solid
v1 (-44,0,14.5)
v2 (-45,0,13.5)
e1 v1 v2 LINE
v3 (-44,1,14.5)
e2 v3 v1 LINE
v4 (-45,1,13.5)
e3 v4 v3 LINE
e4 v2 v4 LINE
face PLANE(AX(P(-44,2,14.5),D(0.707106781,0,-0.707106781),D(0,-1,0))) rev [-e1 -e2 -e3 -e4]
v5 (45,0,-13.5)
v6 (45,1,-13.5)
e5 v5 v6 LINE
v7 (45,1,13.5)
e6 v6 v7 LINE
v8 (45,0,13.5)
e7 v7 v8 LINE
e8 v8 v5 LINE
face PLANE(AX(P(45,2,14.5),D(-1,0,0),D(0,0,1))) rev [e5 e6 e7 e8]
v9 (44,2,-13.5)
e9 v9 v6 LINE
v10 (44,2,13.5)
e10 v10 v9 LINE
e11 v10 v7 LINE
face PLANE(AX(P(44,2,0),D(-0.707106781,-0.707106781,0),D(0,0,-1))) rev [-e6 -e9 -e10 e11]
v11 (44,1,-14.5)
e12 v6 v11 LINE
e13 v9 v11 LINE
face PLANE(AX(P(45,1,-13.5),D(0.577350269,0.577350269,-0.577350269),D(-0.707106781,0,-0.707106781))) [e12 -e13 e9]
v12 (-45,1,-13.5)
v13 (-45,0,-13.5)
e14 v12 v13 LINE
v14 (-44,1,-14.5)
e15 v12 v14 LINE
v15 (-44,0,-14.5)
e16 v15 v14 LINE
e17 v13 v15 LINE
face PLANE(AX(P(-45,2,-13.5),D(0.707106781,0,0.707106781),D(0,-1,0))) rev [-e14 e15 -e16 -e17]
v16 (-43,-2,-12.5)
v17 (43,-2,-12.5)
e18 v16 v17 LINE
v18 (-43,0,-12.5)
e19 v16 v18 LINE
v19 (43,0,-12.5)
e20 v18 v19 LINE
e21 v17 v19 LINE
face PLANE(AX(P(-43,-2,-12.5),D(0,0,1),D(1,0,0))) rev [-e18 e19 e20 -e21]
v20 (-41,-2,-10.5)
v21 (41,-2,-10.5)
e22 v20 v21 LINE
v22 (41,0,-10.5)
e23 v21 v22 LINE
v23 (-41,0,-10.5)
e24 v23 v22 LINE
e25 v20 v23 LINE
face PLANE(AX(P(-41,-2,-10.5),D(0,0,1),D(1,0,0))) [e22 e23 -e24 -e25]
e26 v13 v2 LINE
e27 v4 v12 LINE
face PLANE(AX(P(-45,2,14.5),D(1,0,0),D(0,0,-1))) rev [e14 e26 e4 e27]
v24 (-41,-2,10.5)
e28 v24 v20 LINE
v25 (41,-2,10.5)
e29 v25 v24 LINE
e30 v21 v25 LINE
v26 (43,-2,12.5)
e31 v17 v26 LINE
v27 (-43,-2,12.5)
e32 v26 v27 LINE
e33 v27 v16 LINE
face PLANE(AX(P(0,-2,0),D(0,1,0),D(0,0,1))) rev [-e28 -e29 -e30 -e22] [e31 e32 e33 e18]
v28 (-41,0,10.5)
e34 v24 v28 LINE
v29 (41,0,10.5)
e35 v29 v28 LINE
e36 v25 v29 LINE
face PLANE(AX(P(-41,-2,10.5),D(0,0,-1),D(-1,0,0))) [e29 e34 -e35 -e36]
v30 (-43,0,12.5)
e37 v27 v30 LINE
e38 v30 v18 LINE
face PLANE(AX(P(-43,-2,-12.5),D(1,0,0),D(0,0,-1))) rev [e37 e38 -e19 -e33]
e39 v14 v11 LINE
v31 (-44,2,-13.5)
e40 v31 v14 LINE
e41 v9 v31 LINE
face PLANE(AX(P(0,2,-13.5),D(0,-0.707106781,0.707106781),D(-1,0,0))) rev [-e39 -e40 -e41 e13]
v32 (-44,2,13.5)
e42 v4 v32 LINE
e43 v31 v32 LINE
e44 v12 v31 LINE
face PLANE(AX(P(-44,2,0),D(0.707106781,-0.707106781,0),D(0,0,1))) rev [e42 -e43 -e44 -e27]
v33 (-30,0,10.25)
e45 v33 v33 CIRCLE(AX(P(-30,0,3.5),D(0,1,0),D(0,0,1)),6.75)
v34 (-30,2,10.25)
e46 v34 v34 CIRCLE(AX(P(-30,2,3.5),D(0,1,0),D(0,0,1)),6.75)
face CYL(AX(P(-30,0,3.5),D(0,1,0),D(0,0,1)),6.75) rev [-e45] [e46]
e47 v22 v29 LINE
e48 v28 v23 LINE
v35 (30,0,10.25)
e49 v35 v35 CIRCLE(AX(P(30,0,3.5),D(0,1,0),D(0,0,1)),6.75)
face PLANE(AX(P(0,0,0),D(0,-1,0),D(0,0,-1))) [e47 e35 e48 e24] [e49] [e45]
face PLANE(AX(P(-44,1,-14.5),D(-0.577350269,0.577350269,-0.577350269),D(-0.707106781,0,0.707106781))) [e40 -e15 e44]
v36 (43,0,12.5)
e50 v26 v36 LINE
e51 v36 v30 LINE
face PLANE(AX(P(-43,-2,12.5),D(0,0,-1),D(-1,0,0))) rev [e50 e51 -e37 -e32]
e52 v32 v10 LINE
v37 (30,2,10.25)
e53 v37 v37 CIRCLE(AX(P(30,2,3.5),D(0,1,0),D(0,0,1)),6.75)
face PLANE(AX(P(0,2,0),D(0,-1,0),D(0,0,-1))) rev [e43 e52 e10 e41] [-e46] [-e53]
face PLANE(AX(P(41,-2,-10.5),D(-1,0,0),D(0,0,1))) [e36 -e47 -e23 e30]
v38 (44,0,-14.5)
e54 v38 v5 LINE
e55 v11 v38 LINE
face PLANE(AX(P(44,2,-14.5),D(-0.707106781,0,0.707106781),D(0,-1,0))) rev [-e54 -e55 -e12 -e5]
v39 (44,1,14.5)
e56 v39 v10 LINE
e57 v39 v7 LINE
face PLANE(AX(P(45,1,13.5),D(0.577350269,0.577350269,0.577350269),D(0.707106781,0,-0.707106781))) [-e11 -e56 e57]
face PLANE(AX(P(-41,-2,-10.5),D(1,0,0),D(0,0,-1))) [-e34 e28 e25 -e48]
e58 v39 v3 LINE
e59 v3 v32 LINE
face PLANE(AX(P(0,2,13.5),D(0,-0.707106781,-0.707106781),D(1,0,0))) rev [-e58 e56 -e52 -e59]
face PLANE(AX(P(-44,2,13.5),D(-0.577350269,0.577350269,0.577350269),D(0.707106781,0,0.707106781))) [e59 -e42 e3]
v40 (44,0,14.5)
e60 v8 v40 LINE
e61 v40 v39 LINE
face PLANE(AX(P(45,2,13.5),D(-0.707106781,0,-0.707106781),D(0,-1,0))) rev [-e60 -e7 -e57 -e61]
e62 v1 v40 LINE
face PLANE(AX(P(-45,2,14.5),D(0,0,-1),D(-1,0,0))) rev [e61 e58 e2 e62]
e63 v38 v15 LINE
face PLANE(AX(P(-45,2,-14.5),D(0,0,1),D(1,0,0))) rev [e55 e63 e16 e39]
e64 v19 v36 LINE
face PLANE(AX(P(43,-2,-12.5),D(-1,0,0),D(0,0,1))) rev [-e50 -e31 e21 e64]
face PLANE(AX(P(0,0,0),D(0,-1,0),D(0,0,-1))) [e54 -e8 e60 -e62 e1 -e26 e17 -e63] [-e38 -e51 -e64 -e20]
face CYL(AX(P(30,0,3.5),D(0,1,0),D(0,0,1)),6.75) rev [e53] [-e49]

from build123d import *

# Parameters (mm, degrees)
SKETCH1_W           = 90
SKETCH1_H           = 29
BOSS_EXTRUDE1_DEPTH = 2
CHAMFER1_SIZE       = 1
SKETCH2_R           = 6.75
CUT_EXTRUDE1_DEPTH  = 48.32071428
SKETCH3_W           = 86
SKETCH3_H           = 25
SKETCH3_W_2         = 82
SKETCH3_H_2         = 21
BOSS_EXTRUDE2_DEPTH = 2


with BuildPart() as part:
    # Sketch1 → Boss-Extrude1 (new body)
    with BuildSketch(Plane(origin=(0, 0, 0), x_dir=(1, 0, 0), z_dir=(0, 1, 0))):
        Rectangle(SKETCH1_W, SKETCH1_H)
    extrude(amount=BOSS_EXTRUDE1_DEPTH)

    # Chamfer1
    chamfer1_edges = [part.edges().sort_by_distance(p)[0] for p in [
        (-45, 2, 0),
        (0, 2, 14.5),
        (45, 2, 0),
        (45, 1, 14.5),
        (-45, 1, 14.5),
        (-45, 1, -14.5),
        (45, 1, -14.5),
        (0, 2, -14.5),
    ]]
    chamfer(chamfer1_edges, length=CHAMFER1_SIZE)

    # Sketch2 → Cut-Extrude1 (cut, through all)
    with BuildSketch(Plane(origin=(0, 2, 0), x_dir=(1, 0, 0), z_dir=(0, 1, 0))):
        with Locations(Location((-30, -3.5, 0), (0, 0, 270))):
            Circle(SKETCH2_R)
        with Locations(Location((30, -3.5, 0), (0, 0, 270))):
            Circle(SKETCH2_R)
    extrude(amount=-CUT_EXTRUDE1_DEPTH, mode=Mode.SUBTRACT)

    # Sketch3 → Boss-Extrude2 (add)
    with BuildSketch(Plane.XZ):
        Rectangle(SKETCH3_W, SKETCH3_H)
        Rectangle(SKETCH3_W_2, SKETCH3_H_2, mode=Mode.SUBTRACT)
    extrude(amount=BOSS_EXTRUDE2_DEPTH)


solid = part.part
